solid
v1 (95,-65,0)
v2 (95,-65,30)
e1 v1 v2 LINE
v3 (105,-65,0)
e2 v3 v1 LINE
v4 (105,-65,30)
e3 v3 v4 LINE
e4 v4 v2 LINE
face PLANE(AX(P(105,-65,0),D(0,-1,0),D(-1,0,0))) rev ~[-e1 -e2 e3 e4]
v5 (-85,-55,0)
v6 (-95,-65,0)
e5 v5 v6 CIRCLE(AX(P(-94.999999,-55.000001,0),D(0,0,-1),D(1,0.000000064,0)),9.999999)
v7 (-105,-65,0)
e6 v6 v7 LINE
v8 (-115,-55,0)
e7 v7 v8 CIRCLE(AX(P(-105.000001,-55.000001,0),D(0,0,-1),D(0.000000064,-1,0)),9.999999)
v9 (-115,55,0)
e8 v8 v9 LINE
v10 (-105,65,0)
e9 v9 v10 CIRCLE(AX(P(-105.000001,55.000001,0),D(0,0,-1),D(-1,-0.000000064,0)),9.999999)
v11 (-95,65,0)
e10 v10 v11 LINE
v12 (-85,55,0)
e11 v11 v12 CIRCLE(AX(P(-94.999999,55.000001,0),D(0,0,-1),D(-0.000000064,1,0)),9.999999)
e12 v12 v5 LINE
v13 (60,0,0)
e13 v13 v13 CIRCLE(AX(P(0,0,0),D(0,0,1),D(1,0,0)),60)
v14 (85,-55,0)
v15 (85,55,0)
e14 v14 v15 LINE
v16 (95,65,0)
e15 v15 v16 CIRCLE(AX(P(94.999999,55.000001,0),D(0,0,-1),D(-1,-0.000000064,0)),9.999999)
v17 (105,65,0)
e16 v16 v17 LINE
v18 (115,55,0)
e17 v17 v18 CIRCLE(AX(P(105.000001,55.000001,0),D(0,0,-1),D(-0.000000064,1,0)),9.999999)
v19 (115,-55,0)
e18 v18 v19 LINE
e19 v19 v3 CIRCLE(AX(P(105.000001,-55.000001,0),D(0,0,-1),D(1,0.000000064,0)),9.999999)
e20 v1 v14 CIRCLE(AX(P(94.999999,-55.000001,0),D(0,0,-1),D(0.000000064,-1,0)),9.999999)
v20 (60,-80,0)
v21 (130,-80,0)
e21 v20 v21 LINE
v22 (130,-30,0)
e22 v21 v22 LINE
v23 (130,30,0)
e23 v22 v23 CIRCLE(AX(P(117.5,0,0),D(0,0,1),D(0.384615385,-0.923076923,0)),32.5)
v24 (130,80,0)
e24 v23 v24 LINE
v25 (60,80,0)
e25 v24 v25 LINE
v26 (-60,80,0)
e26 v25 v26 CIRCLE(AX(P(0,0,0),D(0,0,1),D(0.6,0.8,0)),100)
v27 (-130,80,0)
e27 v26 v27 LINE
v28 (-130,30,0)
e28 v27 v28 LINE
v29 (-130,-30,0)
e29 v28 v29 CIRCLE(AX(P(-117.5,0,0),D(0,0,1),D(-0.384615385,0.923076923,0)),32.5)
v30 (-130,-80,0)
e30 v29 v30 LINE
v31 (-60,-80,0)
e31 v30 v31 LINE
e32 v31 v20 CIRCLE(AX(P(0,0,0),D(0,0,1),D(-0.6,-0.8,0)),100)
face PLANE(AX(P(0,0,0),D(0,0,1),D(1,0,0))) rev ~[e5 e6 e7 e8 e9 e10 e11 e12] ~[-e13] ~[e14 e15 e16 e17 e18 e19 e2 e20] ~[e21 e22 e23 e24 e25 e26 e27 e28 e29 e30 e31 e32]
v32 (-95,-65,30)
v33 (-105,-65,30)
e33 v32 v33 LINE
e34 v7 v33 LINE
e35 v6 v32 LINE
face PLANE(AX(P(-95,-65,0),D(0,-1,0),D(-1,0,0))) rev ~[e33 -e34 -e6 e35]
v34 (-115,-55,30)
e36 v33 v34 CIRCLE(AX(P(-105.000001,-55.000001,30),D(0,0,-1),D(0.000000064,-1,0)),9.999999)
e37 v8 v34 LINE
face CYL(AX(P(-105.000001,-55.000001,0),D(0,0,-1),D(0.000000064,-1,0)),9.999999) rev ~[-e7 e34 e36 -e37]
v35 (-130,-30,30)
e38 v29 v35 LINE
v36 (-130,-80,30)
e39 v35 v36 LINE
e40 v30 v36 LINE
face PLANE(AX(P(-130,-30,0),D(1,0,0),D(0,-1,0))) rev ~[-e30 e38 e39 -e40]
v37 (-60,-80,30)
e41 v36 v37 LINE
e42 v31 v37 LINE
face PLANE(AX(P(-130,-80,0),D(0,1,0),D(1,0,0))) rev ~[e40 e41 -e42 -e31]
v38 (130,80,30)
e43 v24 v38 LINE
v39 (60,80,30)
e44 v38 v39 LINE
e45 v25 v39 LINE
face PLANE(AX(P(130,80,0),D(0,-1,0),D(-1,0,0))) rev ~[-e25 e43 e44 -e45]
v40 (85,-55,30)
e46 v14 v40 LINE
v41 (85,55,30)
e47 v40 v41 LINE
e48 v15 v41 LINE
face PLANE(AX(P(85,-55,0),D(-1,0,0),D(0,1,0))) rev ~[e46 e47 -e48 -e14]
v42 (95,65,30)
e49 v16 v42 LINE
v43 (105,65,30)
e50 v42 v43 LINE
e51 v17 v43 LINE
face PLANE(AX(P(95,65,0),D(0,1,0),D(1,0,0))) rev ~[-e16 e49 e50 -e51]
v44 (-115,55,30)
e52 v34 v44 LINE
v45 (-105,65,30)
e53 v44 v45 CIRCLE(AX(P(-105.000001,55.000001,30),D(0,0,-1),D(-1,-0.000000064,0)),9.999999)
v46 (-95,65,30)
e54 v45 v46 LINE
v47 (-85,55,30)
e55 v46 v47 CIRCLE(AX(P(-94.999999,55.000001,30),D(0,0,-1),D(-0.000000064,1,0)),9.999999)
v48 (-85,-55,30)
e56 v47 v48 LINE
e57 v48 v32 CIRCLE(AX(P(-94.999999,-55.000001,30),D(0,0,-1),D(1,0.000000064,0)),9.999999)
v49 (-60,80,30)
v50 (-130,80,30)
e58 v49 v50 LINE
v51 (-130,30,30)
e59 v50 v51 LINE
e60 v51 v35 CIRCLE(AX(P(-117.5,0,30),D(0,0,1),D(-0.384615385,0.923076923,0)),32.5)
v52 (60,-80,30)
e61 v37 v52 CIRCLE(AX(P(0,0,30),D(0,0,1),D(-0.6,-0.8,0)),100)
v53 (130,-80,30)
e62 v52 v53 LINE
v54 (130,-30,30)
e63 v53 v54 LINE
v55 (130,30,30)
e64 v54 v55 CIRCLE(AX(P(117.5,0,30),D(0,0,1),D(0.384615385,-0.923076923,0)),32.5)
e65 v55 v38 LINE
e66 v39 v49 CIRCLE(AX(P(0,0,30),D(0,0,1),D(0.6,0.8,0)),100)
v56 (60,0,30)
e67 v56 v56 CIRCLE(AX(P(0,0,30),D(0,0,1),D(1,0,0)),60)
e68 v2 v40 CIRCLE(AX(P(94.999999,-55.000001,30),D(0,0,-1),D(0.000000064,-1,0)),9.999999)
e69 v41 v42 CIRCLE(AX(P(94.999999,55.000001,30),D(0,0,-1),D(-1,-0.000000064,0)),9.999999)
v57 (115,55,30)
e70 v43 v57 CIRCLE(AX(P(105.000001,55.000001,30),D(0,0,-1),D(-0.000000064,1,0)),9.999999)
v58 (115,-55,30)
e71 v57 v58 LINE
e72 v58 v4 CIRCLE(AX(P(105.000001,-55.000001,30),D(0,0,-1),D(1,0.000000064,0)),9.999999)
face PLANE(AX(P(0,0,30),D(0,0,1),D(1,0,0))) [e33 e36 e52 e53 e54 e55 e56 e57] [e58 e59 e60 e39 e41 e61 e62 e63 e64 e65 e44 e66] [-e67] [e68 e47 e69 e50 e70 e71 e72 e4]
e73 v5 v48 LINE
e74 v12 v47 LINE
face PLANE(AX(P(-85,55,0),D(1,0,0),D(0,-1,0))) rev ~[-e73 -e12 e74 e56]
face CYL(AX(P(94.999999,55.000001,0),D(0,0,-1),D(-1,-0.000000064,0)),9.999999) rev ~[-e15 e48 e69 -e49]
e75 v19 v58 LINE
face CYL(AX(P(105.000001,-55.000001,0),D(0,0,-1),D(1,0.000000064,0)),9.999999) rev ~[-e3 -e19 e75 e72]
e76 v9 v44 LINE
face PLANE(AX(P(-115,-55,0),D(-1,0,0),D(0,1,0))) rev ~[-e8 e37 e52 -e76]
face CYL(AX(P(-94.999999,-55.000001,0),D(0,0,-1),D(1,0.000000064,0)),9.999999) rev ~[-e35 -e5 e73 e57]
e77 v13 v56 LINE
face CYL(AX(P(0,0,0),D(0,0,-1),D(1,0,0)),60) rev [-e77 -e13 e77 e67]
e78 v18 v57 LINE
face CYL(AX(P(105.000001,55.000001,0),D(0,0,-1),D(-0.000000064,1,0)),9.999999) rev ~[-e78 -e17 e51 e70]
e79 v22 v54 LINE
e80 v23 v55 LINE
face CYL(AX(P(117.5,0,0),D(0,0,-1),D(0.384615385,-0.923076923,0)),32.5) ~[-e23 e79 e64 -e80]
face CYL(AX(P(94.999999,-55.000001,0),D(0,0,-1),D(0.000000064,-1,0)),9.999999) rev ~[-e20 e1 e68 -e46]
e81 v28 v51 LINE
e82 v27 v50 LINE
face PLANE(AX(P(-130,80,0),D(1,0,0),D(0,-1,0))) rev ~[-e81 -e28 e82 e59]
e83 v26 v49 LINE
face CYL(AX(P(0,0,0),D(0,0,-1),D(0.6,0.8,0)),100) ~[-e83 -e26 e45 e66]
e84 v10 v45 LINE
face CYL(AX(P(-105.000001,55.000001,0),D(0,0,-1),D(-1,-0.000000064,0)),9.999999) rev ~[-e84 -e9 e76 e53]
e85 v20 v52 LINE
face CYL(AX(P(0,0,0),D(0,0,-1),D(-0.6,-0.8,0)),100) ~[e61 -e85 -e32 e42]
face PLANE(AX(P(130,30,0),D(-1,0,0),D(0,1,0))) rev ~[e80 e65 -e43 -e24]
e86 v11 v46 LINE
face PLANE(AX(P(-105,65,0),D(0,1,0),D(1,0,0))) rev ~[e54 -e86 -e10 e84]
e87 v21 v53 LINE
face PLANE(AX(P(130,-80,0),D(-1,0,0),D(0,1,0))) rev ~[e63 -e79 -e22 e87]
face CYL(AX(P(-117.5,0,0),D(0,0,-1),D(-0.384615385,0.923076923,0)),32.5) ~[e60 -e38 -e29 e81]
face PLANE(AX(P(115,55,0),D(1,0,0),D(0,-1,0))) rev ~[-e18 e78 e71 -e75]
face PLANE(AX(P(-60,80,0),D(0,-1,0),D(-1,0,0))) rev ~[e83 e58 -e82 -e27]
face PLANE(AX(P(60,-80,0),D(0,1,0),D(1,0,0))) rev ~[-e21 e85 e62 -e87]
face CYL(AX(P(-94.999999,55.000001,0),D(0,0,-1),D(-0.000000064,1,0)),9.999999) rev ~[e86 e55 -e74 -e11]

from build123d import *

# Parameters (mm, degrees)
F0_R     = 60
F1_DEPTH = 30


with BuildPart() as f1:
    # F0 (on Top) → F1 (new body)
    with BuildSketch(Plane.XY):
        with BuildLine():
            Line((-130, -80), (-60, -80))
            ThreePointArc((-60, -80), (0, -100), (60, -80))
            Line((60, -80), (130, -80))
            Line((130, -80), (130, -30))
            ThreePointArc((130, -30), (150, 0), (130, 30))
            Line((130, 30), (130, 80))
            Line((130, 80), (60, 80))
            ThreePointArc((60, 80), (0, 100), (-60, 80))
            Line((-60, 80), (-130, 80))
            Line((-130, 80), (-130, 30))
            ThreePointArc((-130, 30), (-150, 0), (-130, -30))
            Line((-130, -30), (-130, -80))
        make_face()
        with BuildLine():
            Line((-115, -55), (-115, 55))
            ThreePointArc((-115, 55), (-112.071068, 62.071068), (-105, 65))
            Line((-105, 65), (-95, 65))
            ThreePointArc((-95, 65), (-87.928932, 62.071068), (-85, 55))
            Line((-85, 55), (-85, -55))
            ThreePointArc((-85, -55), (-87.928932, -62.071068), (-95, -65))
            Line((-95, -65), (-105, -65))
            ThreePointArc((-105, -65), (-112.071068, -62.071068), (-115, -55))
        make_face(mode=Mode.SUBTRACT)
        Circle(F0_R, mode=Mode.SUBTRACT)
        with BuildLine():
            ThreePointArc((85, 55), (87.928932, 62.071068), (95, 65))
            Line((95, 65), (105, 65))
            ThreePointArc((105, 65), (112.071068, 62.071068), (115, 55))
            Line((115, 55), (115, -55))
            ThreePointArc((115, -55), (112.071068, -62.071068), (105, -65))
            Line((105, -65), (95, -65))
            ThreePointArc((95, -65), (87.928932, -62.071068), (85, -55))
            Line((85, -55), (85, 55))
        make_face(mode=Mode.SUBTRACT)
    extrude(amount=F1_DEPTH)


solid = f1.part
